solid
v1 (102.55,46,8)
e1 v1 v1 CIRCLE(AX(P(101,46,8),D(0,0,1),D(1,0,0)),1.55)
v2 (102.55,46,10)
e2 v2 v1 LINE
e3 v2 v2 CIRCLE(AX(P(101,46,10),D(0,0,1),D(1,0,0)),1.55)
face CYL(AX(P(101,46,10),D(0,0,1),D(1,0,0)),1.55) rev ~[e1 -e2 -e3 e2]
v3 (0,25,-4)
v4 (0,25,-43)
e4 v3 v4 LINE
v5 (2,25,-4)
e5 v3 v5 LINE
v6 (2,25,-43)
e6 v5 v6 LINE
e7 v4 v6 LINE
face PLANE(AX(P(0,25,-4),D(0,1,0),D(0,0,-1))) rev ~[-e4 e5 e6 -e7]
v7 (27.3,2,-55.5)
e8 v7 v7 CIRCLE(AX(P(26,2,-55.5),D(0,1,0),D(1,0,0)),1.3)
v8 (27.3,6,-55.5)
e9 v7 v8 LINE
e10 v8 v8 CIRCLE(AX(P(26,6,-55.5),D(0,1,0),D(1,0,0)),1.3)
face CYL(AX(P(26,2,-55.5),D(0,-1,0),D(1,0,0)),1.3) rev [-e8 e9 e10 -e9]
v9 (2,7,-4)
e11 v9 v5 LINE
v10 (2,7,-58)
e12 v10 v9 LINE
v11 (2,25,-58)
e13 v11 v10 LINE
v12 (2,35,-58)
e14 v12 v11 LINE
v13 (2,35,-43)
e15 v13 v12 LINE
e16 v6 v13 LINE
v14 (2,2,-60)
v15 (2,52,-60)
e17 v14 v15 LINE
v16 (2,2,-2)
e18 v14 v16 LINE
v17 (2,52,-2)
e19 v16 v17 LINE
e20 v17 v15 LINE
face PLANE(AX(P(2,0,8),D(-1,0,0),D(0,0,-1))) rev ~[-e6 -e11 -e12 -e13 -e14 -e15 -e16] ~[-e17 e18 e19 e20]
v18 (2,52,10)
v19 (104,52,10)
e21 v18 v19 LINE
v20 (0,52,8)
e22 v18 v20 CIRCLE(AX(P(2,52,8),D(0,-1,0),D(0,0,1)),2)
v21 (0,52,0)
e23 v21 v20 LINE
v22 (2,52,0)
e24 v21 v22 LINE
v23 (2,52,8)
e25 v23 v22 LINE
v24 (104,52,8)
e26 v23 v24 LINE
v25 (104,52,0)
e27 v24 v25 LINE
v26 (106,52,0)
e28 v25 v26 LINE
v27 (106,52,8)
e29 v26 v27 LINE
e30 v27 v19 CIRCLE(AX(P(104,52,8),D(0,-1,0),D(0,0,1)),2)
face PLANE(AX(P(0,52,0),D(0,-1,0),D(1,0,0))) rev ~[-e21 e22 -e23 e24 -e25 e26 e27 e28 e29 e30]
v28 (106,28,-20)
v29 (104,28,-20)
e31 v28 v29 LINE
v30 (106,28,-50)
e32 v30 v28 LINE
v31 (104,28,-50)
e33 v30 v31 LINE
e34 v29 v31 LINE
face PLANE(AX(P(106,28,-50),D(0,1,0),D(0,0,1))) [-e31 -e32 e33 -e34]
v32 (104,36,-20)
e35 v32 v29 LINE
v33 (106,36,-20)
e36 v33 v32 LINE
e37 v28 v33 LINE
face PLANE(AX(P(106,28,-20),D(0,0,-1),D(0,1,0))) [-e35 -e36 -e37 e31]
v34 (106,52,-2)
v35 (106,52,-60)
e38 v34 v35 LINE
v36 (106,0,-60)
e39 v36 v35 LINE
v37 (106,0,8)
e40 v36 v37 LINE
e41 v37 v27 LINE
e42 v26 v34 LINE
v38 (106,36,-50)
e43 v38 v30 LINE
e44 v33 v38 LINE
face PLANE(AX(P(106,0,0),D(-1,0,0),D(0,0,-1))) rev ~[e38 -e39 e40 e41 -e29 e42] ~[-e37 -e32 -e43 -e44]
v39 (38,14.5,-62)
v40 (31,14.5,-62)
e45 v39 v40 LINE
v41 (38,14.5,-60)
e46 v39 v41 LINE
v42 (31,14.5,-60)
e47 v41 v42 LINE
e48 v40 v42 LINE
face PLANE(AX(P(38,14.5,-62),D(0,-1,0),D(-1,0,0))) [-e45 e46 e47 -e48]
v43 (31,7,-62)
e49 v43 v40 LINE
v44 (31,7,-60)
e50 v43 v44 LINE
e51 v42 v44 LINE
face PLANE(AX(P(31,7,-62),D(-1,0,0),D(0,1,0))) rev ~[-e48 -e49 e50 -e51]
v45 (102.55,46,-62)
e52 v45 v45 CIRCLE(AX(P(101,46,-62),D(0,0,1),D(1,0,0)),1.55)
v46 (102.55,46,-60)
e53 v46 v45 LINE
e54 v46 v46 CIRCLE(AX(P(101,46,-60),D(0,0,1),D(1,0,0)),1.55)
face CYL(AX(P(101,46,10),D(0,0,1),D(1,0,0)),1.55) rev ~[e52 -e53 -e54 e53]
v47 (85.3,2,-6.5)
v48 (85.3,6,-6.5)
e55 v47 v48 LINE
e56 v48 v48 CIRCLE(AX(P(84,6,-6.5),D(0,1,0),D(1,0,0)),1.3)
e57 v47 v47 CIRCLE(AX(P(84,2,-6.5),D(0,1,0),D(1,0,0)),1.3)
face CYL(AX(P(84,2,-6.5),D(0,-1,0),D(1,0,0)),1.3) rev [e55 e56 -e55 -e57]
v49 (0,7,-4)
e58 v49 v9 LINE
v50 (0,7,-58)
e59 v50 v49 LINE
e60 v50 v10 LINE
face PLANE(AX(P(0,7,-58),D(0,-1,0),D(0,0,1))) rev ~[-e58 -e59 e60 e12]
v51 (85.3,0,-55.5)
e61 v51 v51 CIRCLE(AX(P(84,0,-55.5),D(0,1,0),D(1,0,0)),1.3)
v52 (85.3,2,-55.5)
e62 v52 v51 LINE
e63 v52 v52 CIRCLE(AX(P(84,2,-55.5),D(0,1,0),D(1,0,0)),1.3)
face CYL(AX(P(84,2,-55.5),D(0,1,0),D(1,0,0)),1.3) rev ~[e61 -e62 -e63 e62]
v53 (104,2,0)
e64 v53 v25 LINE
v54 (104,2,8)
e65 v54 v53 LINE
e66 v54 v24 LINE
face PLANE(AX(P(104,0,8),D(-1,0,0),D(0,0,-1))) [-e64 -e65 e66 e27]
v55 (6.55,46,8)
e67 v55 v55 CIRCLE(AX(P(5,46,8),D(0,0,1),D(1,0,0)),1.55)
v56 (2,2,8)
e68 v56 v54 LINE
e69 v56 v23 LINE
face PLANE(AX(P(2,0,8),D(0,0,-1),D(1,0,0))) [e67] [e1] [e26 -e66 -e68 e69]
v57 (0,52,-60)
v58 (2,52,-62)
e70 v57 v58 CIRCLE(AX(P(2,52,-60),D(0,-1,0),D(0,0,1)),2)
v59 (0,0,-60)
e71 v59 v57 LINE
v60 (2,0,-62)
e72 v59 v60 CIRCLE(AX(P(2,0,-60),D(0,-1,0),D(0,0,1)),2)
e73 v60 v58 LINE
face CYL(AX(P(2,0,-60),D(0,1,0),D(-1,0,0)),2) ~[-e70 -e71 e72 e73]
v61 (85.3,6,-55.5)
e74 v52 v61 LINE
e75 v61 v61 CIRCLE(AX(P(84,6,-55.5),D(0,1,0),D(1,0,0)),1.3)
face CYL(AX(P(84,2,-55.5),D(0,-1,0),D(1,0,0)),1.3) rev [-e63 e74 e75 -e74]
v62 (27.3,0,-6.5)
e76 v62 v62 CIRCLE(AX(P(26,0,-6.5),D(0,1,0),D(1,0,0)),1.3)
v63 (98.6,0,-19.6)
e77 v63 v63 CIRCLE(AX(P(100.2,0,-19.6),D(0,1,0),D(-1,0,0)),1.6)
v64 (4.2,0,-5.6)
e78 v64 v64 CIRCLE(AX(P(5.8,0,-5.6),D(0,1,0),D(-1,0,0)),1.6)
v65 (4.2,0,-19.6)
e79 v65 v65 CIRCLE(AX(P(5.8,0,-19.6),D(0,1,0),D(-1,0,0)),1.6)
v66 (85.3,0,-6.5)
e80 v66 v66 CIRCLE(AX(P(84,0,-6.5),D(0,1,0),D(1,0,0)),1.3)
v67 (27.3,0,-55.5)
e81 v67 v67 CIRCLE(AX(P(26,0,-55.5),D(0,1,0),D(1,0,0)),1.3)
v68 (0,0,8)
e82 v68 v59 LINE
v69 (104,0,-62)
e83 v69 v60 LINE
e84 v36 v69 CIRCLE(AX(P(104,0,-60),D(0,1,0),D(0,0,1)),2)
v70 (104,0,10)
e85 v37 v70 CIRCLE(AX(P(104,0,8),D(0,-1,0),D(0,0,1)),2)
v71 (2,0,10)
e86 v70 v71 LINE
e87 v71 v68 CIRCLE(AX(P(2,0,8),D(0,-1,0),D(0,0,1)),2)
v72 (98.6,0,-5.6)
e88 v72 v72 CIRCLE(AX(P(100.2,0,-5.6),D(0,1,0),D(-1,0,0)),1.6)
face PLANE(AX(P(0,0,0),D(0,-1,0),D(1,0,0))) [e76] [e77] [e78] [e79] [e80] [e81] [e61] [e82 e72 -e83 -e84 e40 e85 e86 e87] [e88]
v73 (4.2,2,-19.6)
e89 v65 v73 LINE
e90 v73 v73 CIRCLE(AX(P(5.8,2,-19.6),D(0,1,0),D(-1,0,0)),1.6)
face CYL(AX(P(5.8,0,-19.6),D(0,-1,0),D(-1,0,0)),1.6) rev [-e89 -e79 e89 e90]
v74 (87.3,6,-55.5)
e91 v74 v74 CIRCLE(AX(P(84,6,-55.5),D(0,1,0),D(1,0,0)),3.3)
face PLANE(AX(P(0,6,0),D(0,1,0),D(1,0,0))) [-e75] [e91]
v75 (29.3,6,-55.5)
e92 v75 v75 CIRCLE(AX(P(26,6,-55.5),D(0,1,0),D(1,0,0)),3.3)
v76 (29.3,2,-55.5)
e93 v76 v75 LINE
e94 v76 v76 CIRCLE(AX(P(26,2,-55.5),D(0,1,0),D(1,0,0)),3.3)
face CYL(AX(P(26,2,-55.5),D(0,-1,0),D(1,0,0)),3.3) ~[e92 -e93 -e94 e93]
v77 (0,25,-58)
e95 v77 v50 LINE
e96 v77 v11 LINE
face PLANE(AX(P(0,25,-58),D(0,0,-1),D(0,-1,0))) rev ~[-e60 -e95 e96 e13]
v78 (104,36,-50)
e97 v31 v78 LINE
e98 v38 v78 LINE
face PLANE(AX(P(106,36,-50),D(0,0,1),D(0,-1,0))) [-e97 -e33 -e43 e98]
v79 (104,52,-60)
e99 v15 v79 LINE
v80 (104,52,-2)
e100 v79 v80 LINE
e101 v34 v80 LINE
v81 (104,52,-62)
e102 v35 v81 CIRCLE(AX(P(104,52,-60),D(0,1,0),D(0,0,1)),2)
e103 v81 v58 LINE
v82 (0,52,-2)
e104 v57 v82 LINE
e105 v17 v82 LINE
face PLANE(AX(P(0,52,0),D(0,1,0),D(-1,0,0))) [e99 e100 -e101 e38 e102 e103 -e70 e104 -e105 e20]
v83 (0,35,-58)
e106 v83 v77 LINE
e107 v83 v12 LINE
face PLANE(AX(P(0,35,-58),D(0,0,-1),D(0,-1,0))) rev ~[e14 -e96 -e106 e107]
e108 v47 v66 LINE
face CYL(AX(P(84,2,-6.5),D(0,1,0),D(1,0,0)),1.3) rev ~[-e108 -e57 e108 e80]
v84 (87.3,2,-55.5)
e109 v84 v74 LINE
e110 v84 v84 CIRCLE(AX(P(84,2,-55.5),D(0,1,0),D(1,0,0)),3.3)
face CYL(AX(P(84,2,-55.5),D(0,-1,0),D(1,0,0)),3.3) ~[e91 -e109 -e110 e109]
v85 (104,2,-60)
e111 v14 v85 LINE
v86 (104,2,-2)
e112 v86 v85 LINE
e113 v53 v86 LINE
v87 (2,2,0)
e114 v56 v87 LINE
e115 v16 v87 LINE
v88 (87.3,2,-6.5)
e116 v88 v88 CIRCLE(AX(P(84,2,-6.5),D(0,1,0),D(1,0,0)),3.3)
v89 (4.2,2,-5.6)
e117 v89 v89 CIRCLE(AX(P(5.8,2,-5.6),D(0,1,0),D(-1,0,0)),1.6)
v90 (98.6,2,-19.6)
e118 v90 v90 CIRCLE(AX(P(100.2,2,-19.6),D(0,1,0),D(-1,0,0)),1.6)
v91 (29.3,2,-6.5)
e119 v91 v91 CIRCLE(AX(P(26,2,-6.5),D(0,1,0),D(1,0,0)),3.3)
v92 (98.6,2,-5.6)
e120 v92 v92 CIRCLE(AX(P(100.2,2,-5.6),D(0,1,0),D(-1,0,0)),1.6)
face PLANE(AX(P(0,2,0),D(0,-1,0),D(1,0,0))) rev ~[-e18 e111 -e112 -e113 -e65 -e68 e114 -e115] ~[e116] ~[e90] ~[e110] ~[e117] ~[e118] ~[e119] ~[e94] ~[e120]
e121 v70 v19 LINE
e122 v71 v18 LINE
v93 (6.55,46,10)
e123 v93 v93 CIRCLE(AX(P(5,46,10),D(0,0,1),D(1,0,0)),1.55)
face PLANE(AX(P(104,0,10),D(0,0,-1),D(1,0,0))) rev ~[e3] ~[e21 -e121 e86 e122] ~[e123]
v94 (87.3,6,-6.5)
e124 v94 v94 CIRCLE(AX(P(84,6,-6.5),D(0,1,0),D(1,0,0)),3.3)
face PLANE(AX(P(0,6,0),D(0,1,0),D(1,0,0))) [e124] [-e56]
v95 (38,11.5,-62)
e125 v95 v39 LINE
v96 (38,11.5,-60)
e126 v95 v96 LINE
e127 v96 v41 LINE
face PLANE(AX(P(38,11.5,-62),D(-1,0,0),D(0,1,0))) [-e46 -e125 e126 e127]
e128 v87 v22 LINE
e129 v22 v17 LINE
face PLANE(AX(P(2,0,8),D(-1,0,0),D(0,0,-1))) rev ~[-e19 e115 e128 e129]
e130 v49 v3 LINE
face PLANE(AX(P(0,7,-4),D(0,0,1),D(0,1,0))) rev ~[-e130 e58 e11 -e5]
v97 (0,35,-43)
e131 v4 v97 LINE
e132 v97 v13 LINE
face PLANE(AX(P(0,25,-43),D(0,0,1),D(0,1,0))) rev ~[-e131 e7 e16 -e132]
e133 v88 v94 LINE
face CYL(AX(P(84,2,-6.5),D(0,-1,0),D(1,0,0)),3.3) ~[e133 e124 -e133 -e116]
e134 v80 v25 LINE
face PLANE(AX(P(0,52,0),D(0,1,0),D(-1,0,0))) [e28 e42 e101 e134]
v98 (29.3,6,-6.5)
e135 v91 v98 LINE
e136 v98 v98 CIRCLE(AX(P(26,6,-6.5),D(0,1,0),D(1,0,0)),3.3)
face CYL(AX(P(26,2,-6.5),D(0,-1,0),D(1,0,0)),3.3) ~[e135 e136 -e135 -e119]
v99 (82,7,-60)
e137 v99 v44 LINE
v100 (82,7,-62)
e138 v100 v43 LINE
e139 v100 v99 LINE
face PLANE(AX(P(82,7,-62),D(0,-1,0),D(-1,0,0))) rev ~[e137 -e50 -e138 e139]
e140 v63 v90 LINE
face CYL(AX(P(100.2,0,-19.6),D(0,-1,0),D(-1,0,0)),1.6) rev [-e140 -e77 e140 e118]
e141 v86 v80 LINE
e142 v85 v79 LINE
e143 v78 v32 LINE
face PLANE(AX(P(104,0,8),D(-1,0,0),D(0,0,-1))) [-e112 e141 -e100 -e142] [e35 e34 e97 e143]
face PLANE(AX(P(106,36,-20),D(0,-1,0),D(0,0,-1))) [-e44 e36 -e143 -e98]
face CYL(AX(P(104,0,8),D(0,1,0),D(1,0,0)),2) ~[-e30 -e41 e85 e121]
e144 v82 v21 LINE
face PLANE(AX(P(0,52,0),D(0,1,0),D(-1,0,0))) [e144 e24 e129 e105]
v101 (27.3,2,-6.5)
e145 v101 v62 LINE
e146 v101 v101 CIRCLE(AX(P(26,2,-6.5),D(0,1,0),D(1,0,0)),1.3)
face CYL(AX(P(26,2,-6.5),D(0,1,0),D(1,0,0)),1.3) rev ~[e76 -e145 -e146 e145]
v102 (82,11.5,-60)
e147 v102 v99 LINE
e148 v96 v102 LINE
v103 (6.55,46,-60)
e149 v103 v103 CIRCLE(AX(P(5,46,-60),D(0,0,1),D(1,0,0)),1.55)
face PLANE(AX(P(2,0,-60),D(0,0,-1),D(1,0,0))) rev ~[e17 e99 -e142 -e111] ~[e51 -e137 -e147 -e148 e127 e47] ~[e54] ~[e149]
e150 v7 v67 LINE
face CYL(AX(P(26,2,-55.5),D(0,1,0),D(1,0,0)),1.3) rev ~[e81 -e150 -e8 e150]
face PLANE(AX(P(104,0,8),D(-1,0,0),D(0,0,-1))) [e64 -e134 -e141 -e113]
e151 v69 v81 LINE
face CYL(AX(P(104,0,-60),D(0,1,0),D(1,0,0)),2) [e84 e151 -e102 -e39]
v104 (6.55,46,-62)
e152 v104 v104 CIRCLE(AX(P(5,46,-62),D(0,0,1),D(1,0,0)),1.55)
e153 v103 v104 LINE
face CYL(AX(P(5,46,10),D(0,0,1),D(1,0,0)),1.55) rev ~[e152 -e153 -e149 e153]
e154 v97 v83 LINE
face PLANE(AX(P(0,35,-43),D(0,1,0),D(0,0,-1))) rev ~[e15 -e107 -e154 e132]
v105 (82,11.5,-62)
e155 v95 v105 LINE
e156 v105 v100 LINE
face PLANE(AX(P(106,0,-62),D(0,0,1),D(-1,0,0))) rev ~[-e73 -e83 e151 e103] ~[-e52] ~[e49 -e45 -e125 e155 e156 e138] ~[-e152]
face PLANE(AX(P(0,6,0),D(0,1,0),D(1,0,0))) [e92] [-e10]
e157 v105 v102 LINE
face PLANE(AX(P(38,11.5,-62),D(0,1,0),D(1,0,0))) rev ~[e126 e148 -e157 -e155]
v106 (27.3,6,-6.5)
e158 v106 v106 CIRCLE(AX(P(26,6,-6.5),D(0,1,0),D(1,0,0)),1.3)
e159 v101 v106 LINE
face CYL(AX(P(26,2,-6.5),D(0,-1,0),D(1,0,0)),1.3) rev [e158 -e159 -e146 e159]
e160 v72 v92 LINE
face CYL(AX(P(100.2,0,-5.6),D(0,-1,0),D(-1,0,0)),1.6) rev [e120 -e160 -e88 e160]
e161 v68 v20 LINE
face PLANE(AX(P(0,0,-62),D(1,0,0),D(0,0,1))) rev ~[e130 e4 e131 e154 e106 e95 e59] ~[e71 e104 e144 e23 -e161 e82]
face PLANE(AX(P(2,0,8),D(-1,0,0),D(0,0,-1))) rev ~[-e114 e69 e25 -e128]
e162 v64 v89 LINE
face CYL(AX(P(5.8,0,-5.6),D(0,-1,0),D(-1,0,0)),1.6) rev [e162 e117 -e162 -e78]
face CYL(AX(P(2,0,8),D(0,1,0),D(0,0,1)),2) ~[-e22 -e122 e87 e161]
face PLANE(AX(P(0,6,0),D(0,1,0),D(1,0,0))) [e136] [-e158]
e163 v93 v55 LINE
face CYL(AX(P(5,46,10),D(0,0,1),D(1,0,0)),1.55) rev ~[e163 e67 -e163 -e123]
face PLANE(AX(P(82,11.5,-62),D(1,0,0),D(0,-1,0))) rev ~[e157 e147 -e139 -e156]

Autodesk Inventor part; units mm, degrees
ref_plane "YZ Plane" through (0, 0, 0) normal (1, 0, 0) x (0, 1, 0)
ref_plane "XZ Plane" through (0, 0, 0) normal (0, 1, 0) x (-1, 0, 0)
ref_plane "XY Plane" through (0, 0, 0) normal (0, 0, 1) x (1, 0, 0)
sketch "Náčrt1" plane through (0, 0, 0) normal (0, 1, 0) x (-1, 0, 0)
  line L0 (0, 0) -> (-106, 0)
  line L1 (-106, 0) -> (-106, -62)
  line L2 (-106, -62) -> (0, -62)
  line L3 (0, -62) -> (0, 0)
  line L4 (-104, -2) -> (-2, -2)
  line L5 (-2, -2) -> (-2, -60)
  line L6 (-2, -60) -> (-104, -60)
  line L7 (-104, -60) -> (-104, -2)
  line L8 (-5.8, 0) -> (-5.8, -18) construction
  circle A0 centre (-5.8, -19.6) radius 1.6
  line L9 (0, -19.6) -> (-4.2, -19.6) construction
  line L10 (-7.4, 0) -> (-7.4, -5.6) construction
  circle A1 centre (-5.8, -5.6) radius 1.6
  line L11 (0, -7.2) -> (-5.8, -7.2) construction
  line L12 (-53, 11.0609) -> (-53, -73.3805) construction
  line L13 (-100.2, 0) -> (-100.2, -18) construction
  circle A2 centre (-100.2, -19.6) radius 1.6
  line L14 (-106, -19.6) -> (-101.8, -19.6) construction
  line L15 (-98.6, 0) -> (-98.6, -5.6) construction
  circle A3 centre (-100.2, -5.6) radius 1.6
  line L16 (-106, -7.2) -> (-100.2, -7.2) construction
  dimension "d0" = 62
  dimension "d1" = 106
  dimension "d2" = 2
  dimension "d8" = 18
  dimension "d9" = 4.2
  dimension "d10" = 3.2
  dimension "d13" = 5.8
  dimension "d14" = 5.6
  dimension "d15" = 3.2
extrude "Vysunutí1" add sketch "Náčrt1" along normal blind 2 contours L4 L5 L6 L7 | A0 | A1 | A2 | A3
extrude "Vysunutí2" add sketch "Náčrt1" along normal blind 52 contours L3 L2 L1 L0
extrude "Vysunutí3" cut sketch "Náčrt1" along normal blind 2 contours A0 | A1 | A2 | A3
sketch "Náčrt2" plane through (0, 2, 0) normal (0, 1, 0) x (1, 0, 0)
  circle A0 centre (84, 55.5) radius 1.3
  line L0 (2, 60) -> (104, 60) projected
  circle A1 centre (26, 55.5) radius 1.3
  line L1 (2, 2) -> (2, 60) projected
  circle A2 centre (26, 6.5) radius 1.3
  circle A3 centre (84, 6.5) radius 1.3
  line L2 (104, 2) -> (2, 2) projected
  circle A4 centre (26, 6.5) radius 3.3
  circle A5 centre (26, 55.5) radius 3.3
  circle A6 centre (84, 55.5) radius 3.3
  circle A7 centre (84, 6.5) radius 3.3
  point P0 (0, 0)
  dimension "d19" = 4.5
  dimension "d20" = 2.6
  dimension "d21" = 2.6
  dimension "d22" = 58
  dimension "d23" = 24
  dimension "d24" = 4.5
  dimension "d25" = 2.6
  dimension "d26" = 24
  dimension "d27" = 2.6
  dimension "d28" = 58
  dimension "d29" = 4.5
  dimension "d30" = 4.5
  dimension "d31" = 49
  dimension "d32" = 2
  dimension "d33" = 2
  dimension "d34" = 2
  dimension "d35" = 2
extrude "Vysunutí4" add sketch "Náčrt2" along normal blind 4
extrude "Vysunutí5" cut sketch "Náčrt2" against normal blind 2 contours A0 | A1 | A2 | A3
sketch "Náčrt3" plane through (0, 0, -62) normal (-1, 0, 0) x (0, 0, 1)
  line L0 (4, 7) -> (58, 7)
  line L1 (58, 7) -> (58, 25)
  line L2 (58, 25) -> (4, 25)
  line L3 (4, 25) -> (4, 7)
  line L4 (9.8, 6) -> (3.2, 6) projected
  line L5 (2, 2) -> (2, 52) projected
  line L6 (60, 2) -> (60, 52) projected
  point P0 (62, 0)
  dimension "d40" = 1
  dimension "d41" = 54
  dimension "d42" = 18
  dimension "d43" = 2
  dimension "d44" = 2
extrude "Vysunutí6" cut sketch "Náčrt3" against normal blind 2
sketch "Náčrt4" plane through (106, 0, -62) normal (0, 0, -1) x (-1, 0, 0)
  line L0 (24, 7) -> (75, 7)
  line L1 (75, 7) -> (75, 11.5)
  line L2 (75, 11.5) -> (24, 11.5)
  line L3 (24, 11.5) -> (24, 7)
  line L4 (104, 2) -> (104, 52) projected
  line L5 (75, 11.5) -> (68, 11.5)
  line L6 (68, 11.5) -> (68, 14.5)
  line L7 (68, 14.5) -> (75, 14.5)
  line L8 (75, 14.5) -> (75, 11.5)
  line L9 (2, 2) -> (104, 2) projected
  point P0 (106, 0)
  point P1 (68, 11.5)
  dimension "d47" = 4.5
  dimension "d48" = 29
  dimension "d49" = 51
  dimension "d50" = 5
  dimension "d51" = 7.5
  dimension "d52" = 7
extrude "Vysunutí7" cut sketch "Náčrt4" against normal blind 2
sketch "Náčrt5" plane through (0, 0, 0) normal (0, -1, 0) x (1, 0, 0)
  line L0 (106, 0) -> (106, -62) projected
  line L1 (106, -2) -> (0, -2)
  line L2 (0, -2) -> (0, 10)
  line L3 (0, 10) -> (106, 10)
  line L4 (106, 10) -> (106, -2)
  line L5 (2, -2) -> (104, -2) projected
  line L6 (106, 10) -> (0, 10)
  line L7 (0, 10) -> (0, 8)
  line L8 (0, 8) -> (106, 8)
  line L9 (106, 8) -> (106, 10)
  line L10 (104, -60) -> (104, -2) projected
  line L11 (104, -2) -> (106, -2)
  line L12 (106, -2) -> (106, 10)
  line L13 (106, 10) -> (104, 10)
  line L14 (104, 10) -> (104, -2)
  line L15 (2, -2) -> (2, -60) projected
  line L16 (2, -2) -> (0, -2)
  line L17 (0, -2) -> (0, 10)
  line L18 (0, 10) -> (2, 10)
  line L19 (2, 10) -> (2, -2)
  point P0 (0, 0)
  point P1 (2, 8)
  point P2 (104, 8)
  dimension "d55" = 12
  dimension "d56" = 106
  dimension "d57" = 2
extrude "Vysunutí8" cut sketch "Náčrt5" against normal blind 52 contours L1 L19 L8 L14
extrude "Vysunutí9" add sketch "Náčrt5" against normal blind 2 contours L1 L19 L8 L14
extrude "Vysunutí10" add sketch "Náčrt5" against normal blind 52 contours L0 L1 L14 L8 L4 | L8 L14 L3 L4 | L8 L19 L3 L14 | L1 L2 L8 L19 | L8 L2 L3 L19
sketch "Náčrt6" plane through (0, 0, -62) normal (-1, 0, 0) x (0, 0, 1)
  line L0 (4, 25) -> (58, 25) projected
  line L1 (4, 25) -> (19, 25)
  line L2 (19, 25) -> (19, 35)
  line L3 (19, 35) -> (4, 35)
  line L4 (4, 35) -> (4, 25)
  point P0 (62, 0)
  dimension "d64" = 15
  dimension "d65" = 10
extrude "Vysunutí11" cut sketch "Náčrt6" against normal blind 4
fillet "Zaoblení1" radius 2 4 edges at (106, 26, -62) (0, 26, -62) (0, 26, 10) (106, 26, 10)
sketch "Náčrt7" plane through (2, 0, 10) normal (0, 0, 1) x (1, 0, 0)
  circle A0 centre (3, 46) radius 1.55
  line L0 (0, 52) -> (102, 52) projected
  line L1 (0, 0) -> (0, 52) projected
  circle A1 centre (99, 46) radius 1.55
  line L2 (102, 52) -> (102, 0) projected
  point P0 (-2, 0)
  dimension "d69" = 3.1
  dimension "d70" = 6
  dimension "d71" = 3
  dimension "d72" = 3.1
  dimension "d73" = 3
  dimension "d74" = 6
extrude "Vysunutí12" cut sketch "Náčrt7" against normal blind 400
sketch "Náčrt8" plane through (106, 0, 8) normal (1, 0, 0) x (0, 0, -1)
  line L0 (28, 36) -> (58, 36)
  line L1 (58, 36) -> (58, 28)
  line L2 (58, 28) -> (28, 28)
  line L3 (28, 28) -> (28, 36)
  line L4 (70, 0) -> (70, 52) projected
  line L5 (0, 0) -> (68, 0) projected
  point P0 (8, 0)
  dimension "d77" = 12
  dimension "d78" = 30
  dimension "d79" = 8
  dimension "d80" = 28
extrude "Vysunutí13" cut sketch "Náčrt8" against normal blind 52
equation "\"d21\" = d20"
equation "\"d24\" = d19"
equation "\"d25\" = d20"
equation "\"d26\" = d23"
equation "\"d27\" = d20"
equation "\"d28\" = d22"
equation "\"d29\" = d19"
equation "\"d30\" = d19"
equation "\"d33\" = d32"
equation "\"d34\" = d32"
equation "\"d35\" = d32"
properties part number "RPIholder"
